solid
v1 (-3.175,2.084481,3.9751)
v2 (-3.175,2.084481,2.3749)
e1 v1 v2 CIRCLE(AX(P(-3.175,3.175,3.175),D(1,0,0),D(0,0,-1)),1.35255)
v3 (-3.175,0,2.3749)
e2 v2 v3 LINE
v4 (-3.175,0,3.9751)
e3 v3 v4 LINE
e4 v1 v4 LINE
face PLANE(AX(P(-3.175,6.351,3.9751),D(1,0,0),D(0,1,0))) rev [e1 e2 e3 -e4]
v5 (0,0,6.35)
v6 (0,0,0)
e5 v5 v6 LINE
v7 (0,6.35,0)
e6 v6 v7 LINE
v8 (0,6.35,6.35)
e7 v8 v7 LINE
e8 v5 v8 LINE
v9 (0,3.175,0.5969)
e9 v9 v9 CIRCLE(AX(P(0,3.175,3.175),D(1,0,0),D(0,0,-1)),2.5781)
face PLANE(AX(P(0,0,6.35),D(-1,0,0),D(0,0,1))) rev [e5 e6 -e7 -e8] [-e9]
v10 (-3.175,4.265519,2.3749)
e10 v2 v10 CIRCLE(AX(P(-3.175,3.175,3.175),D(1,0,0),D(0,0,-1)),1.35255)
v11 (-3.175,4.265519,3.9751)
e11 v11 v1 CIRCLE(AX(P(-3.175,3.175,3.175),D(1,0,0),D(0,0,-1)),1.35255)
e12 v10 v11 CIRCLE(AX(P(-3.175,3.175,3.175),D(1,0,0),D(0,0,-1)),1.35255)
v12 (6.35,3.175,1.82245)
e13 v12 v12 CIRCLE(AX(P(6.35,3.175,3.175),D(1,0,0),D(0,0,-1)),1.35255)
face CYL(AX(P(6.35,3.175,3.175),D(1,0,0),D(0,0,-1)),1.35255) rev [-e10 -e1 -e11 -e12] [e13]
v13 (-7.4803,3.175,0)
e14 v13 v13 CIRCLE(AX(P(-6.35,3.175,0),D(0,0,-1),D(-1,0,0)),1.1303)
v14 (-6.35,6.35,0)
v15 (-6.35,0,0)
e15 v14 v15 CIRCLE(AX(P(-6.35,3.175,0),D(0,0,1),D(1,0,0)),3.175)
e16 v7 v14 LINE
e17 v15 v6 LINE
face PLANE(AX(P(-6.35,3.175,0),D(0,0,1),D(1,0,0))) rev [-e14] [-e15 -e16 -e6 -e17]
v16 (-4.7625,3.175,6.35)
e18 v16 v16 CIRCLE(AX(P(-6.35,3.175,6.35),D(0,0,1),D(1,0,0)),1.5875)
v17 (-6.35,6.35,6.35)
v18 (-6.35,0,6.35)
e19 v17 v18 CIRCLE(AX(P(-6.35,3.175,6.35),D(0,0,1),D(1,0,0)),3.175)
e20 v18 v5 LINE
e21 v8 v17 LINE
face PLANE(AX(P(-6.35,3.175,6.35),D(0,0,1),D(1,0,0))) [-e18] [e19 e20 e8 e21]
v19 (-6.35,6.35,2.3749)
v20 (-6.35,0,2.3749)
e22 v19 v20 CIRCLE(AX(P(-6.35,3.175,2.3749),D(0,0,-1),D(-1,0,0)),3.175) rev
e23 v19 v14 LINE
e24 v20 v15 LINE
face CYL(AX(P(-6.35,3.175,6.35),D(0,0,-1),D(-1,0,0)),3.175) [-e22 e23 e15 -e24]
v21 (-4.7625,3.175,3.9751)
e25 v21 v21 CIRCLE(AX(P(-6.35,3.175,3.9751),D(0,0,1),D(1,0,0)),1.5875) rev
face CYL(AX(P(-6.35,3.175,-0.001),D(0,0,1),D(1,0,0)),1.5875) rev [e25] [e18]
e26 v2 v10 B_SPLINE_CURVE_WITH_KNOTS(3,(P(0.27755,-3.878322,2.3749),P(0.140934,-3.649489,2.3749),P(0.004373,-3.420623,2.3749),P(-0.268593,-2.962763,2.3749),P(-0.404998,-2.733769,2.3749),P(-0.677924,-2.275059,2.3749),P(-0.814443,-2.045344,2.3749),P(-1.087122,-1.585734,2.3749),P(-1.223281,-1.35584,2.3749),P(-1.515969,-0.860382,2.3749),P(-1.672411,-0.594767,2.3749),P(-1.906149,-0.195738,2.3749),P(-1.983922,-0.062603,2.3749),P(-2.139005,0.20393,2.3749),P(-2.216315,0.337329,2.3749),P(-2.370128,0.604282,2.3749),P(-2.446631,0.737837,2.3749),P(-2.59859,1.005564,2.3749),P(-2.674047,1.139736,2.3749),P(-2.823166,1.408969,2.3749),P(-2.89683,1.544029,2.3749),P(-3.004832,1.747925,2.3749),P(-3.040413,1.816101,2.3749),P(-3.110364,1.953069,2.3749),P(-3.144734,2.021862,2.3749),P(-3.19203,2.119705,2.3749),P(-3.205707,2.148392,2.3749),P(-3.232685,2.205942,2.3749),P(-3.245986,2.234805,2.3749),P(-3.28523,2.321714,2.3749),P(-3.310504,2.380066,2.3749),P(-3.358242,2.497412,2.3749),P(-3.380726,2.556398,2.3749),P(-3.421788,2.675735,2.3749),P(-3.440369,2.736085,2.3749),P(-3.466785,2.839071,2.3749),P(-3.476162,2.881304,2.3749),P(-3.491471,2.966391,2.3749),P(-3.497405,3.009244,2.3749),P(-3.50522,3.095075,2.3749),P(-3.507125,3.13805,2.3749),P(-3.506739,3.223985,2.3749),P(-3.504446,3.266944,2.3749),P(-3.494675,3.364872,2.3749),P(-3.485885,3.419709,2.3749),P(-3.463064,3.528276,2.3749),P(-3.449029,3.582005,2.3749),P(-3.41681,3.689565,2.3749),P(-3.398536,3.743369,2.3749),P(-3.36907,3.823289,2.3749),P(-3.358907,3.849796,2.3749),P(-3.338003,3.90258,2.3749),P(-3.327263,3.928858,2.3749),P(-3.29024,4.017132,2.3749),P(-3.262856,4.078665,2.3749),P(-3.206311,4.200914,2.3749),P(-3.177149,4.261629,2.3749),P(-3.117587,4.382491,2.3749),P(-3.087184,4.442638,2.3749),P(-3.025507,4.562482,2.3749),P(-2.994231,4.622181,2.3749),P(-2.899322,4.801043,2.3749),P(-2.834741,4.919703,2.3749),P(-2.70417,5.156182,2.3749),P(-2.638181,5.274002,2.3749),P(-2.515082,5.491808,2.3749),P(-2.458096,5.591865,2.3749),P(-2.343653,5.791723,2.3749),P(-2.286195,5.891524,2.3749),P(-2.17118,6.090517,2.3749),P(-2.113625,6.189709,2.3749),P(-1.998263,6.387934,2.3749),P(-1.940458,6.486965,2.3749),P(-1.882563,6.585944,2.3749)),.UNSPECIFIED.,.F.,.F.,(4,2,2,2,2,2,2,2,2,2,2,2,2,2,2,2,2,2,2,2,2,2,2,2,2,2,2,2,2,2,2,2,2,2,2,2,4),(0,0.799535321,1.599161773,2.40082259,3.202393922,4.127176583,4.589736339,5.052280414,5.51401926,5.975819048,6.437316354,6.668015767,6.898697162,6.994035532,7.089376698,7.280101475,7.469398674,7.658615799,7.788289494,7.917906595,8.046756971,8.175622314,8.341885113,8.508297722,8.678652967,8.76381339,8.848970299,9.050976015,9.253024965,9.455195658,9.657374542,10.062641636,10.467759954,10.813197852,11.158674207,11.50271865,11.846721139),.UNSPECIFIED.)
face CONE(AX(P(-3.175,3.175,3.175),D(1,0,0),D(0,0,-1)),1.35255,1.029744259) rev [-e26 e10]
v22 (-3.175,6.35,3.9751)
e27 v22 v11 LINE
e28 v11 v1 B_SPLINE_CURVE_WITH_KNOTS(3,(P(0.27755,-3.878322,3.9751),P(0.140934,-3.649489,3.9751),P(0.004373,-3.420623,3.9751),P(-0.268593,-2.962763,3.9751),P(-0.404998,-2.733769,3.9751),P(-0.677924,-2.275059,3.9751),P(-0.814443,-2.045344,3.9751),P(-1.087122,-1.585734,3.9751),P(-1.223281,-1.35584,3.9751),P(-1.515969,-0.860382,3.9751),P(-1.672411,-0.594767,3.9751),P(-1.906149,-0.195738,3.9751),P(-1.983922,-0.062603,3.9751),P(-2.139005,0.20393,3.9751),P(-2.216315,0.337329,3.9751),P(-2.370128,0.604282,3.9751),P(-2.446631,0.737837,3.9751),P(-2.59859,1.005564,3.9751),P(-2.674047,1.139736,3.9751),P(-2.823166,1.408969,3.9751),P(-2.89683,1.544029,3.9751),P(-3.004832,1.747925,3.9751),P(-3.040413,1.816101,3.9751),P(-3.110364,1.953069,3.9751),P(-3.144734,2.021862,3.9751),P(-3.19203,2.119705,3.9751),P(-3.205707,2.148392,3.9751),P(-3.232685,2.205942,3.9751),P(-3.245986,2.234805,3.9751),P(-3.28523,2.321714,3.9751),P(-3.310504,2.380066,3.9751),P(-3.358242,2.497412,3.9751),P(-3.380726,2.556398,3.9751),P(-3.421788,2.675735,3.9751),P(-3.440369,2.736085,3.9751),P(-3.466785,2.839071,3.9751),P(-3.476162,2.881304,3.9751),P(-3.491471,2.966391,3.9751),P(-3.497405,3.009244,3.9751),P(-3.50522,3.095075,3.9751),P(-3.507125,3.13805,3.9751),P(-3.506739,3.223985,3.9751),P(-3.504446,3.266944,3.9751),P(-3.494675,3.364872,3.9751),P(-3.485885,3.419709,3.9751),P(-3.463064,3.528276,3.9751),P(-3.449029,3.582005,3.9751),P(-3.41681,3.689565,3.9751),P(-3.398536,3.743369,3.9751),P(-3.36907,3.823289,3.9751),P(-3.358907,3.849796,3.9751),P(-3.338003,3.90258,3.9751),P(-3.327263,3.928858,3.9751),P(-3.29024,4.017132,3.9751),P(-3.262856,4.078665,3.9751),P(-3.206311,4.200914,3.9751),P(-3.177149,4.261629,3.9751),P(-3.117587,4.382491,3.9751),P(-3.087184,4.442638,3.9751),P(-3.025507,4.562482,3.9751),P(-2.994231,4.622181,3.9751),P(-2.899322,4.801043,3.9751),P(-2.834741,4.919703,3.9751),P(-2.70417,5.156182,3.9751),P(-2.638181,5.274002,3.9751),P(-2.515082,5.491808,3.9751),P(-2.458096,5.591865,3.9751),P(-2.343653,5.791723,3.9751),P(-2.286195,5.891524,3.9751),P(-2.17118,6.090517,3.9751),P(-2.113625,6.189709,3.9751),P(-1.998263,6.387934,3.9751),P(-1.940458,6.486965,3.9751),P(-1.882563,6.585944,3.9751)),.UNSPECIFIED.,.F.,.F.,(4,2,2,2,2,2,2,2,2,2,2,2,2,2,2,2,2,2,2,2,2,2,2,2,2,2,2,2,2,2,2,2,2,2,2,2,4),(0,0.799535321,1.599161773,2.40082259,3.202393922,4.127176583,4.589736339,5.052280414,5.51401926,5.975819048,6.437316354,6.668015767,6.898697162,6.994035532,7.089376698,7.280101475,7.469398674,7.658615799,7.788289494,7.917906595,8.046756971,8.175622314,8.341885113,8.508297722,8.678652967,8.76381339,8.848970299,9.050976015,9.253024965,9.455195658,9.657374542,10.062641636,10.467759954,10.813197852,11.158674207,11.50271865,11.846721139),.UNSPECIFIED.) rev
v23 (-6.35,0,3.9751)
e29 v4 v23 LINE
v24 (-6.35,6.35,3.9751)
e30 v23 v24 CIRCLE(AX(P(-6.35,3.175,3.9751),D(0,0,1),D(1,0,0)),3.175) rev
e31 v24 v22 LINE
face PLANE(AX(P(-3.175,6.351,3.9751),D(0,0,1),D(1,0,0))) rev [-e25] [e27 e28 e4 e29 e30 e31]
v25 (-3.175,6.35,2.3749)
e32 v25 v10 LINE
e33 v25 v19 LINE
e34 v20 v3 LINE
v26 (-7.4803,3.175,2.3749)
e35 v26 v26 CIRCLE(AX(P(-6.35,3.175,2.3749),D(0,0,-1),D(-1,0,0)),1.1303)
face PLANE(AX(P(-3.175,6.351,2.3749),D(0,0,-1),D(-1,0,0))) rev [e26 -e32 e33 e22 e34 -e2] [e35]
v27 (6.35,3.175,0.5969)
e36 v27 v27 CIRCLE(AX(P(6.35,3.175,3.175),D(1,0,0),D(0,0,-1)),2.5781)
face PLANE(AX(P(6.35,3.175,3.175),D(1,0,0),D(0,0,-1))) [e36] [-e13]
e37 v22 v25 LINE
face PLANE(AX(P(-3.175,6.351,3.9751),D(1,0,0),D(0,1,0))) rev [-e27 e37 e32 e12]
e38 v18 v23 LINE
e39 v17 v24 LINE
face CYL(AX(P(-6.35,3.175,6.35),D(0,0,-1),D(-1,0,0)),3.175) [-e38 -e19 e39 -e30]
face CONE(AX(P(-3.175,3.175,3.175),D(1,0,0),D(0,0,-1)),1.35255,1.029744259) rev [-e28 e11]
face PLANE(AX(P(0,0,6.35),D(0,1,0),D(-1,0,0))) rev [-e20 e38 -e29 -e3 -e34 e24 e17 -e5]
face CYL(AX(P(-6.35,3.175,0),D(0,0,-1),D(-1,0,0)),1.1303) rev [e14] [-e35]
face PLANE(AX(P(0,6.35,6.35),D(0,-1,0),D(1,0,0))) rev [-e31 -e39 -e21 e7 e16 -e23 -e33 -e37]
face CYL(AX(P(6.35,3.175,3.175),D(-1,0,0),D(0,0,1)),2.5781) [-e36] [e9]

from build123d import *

# Parameters (mm, degrees)
BOSS_EXTRUDE1_DEPTH           = 6.35
SKETCH2_R                     = 2.5781
BOSS_EXTRUDE2_DEPTH           = 6.35
TAP_DRILL_FOR_6_32_TAP1_D     = 2.7051
TAP_DRILL_FOR_6_32_TAP1_DEPTH = 9.525
TAP_DRILL_FOR_6_32_TAP1_TIP   = 0.81269403
CUT_EXTRUDE1_REACH            = 15.091
SKETCH5_W                     = 10.16
SKETCH5_H                     = 1.6002
CUT_EXTRUDE2_REACH            = 15.091
SKETCH6_R                     = 1.5875
F_4_40_TAPPED_HOLE1_D         = 2.2606


with BuildPart() as part:
    # Sketch1 → Boss-Extrude1 (new body)
    with BuildSketch(Plane.XY):
        with BuildLine():
            Line((0, 0), (-6.35, 0))
            ThreePointArc((-6.35, 0), (-9.525, 3.175), (-6.35, 6.35))
            Line((-6.35, 6.35), (0, 6.35))
            Line((0, 6.35), (0, 0))
        make_face()
    extrude(amount=BOSS_EXTRUDE1_DEPTH)

    # Sketch2 → Boss-Extrude2 (add)
    with BuildSketch(Plane(origin=(0, 0, 0), x_dir=(0, 0, -1), z_dir=(1, 0, 0))):
        with Locations((-3.175, 3.175)):
            Circle(SKETCH2_R)
    extrude(amount=BOSS_EXTRUDE2_DEPTH)

    # Tap Drill for #6-32 Tap1
    with Locations(Plane(origin=(6.35, 0, 0), x_dir=(0, 0, -1), z_dir=(1, 0, 0))):
        with Locations((-3.175, 3.175)):
            Hole(TAP_DRILL_FOR_6_32_TAP1_D / 2, depth=TAP_DRILL_FOR_6_32_TAP1_DEPTH)
            with Locations((0, 0, -(TAP_DRILL_FOR_6_32_TAP1_DEPTH + TAP_DRILL_FOR_6_32_TAP1_TIP / 2))):  # 118° drill point
                Cone(0, TAP_DRILL_FOR_6_32_TAP1_D / 2, TAP_DRILL_FOR_6_32_TAP1_TIP, mode=Mode.SUBTRACT)

    # Sketch5 → Cut-Extrude1 (cut, up to next)
    with BuildSketch(Plane.XZ, mode=Mode.PRIVATE) as cut_extrude1_sk1:
        with Locations((-8.255, 3.175)):
            Rectangle(SKETCH5_W, SKETCH5_H)
    cut_extrude1_tool1 = extrude(cut_extrude1_sk1.sketch, amount=-CUT_EXTRUDE1_REACH, mode=Mode.PRIVATE) & part.part
    add(cut_extrude1_tool1.solids().sort_by_distance((-8.255, 0, 3.175))[0], mode=Mode.SUBTRACT)

    # Sketch6 → Cut-Extrude2 (cut, up to next)
    with BuildSketch(Plane.XY.offset(6.35), mode=Mode.PRIVATE) as cut_extrude2_sk1:
        with Locations((-6.35, 3.175)):
            Circle(SKETCH6_R)
    cut_extrude2_tool1 = extrude(cut_extrude2_sk1.sketch, amount=-CUT_EXTRUDE2_REACH, mode=Mode.PRIVATE) & part.part
    add(cut_extrude2_tool1.solids().sort_by_distance((-6.35, 3.175, 6.35))[0], mode=Mode.SUBTRACT)

    # #4-40 Tapped Hole1 (through all)
    with Locations(Plane(origin=(0, 0, 0), x_dir=(-1, 0, 0), z_dir=(0, 0, -1))):
        with Locations((6.35, 3.175)):
            Hole(F_4_40_TAPPED_HOLE1_D / 2)


solid = part.part
